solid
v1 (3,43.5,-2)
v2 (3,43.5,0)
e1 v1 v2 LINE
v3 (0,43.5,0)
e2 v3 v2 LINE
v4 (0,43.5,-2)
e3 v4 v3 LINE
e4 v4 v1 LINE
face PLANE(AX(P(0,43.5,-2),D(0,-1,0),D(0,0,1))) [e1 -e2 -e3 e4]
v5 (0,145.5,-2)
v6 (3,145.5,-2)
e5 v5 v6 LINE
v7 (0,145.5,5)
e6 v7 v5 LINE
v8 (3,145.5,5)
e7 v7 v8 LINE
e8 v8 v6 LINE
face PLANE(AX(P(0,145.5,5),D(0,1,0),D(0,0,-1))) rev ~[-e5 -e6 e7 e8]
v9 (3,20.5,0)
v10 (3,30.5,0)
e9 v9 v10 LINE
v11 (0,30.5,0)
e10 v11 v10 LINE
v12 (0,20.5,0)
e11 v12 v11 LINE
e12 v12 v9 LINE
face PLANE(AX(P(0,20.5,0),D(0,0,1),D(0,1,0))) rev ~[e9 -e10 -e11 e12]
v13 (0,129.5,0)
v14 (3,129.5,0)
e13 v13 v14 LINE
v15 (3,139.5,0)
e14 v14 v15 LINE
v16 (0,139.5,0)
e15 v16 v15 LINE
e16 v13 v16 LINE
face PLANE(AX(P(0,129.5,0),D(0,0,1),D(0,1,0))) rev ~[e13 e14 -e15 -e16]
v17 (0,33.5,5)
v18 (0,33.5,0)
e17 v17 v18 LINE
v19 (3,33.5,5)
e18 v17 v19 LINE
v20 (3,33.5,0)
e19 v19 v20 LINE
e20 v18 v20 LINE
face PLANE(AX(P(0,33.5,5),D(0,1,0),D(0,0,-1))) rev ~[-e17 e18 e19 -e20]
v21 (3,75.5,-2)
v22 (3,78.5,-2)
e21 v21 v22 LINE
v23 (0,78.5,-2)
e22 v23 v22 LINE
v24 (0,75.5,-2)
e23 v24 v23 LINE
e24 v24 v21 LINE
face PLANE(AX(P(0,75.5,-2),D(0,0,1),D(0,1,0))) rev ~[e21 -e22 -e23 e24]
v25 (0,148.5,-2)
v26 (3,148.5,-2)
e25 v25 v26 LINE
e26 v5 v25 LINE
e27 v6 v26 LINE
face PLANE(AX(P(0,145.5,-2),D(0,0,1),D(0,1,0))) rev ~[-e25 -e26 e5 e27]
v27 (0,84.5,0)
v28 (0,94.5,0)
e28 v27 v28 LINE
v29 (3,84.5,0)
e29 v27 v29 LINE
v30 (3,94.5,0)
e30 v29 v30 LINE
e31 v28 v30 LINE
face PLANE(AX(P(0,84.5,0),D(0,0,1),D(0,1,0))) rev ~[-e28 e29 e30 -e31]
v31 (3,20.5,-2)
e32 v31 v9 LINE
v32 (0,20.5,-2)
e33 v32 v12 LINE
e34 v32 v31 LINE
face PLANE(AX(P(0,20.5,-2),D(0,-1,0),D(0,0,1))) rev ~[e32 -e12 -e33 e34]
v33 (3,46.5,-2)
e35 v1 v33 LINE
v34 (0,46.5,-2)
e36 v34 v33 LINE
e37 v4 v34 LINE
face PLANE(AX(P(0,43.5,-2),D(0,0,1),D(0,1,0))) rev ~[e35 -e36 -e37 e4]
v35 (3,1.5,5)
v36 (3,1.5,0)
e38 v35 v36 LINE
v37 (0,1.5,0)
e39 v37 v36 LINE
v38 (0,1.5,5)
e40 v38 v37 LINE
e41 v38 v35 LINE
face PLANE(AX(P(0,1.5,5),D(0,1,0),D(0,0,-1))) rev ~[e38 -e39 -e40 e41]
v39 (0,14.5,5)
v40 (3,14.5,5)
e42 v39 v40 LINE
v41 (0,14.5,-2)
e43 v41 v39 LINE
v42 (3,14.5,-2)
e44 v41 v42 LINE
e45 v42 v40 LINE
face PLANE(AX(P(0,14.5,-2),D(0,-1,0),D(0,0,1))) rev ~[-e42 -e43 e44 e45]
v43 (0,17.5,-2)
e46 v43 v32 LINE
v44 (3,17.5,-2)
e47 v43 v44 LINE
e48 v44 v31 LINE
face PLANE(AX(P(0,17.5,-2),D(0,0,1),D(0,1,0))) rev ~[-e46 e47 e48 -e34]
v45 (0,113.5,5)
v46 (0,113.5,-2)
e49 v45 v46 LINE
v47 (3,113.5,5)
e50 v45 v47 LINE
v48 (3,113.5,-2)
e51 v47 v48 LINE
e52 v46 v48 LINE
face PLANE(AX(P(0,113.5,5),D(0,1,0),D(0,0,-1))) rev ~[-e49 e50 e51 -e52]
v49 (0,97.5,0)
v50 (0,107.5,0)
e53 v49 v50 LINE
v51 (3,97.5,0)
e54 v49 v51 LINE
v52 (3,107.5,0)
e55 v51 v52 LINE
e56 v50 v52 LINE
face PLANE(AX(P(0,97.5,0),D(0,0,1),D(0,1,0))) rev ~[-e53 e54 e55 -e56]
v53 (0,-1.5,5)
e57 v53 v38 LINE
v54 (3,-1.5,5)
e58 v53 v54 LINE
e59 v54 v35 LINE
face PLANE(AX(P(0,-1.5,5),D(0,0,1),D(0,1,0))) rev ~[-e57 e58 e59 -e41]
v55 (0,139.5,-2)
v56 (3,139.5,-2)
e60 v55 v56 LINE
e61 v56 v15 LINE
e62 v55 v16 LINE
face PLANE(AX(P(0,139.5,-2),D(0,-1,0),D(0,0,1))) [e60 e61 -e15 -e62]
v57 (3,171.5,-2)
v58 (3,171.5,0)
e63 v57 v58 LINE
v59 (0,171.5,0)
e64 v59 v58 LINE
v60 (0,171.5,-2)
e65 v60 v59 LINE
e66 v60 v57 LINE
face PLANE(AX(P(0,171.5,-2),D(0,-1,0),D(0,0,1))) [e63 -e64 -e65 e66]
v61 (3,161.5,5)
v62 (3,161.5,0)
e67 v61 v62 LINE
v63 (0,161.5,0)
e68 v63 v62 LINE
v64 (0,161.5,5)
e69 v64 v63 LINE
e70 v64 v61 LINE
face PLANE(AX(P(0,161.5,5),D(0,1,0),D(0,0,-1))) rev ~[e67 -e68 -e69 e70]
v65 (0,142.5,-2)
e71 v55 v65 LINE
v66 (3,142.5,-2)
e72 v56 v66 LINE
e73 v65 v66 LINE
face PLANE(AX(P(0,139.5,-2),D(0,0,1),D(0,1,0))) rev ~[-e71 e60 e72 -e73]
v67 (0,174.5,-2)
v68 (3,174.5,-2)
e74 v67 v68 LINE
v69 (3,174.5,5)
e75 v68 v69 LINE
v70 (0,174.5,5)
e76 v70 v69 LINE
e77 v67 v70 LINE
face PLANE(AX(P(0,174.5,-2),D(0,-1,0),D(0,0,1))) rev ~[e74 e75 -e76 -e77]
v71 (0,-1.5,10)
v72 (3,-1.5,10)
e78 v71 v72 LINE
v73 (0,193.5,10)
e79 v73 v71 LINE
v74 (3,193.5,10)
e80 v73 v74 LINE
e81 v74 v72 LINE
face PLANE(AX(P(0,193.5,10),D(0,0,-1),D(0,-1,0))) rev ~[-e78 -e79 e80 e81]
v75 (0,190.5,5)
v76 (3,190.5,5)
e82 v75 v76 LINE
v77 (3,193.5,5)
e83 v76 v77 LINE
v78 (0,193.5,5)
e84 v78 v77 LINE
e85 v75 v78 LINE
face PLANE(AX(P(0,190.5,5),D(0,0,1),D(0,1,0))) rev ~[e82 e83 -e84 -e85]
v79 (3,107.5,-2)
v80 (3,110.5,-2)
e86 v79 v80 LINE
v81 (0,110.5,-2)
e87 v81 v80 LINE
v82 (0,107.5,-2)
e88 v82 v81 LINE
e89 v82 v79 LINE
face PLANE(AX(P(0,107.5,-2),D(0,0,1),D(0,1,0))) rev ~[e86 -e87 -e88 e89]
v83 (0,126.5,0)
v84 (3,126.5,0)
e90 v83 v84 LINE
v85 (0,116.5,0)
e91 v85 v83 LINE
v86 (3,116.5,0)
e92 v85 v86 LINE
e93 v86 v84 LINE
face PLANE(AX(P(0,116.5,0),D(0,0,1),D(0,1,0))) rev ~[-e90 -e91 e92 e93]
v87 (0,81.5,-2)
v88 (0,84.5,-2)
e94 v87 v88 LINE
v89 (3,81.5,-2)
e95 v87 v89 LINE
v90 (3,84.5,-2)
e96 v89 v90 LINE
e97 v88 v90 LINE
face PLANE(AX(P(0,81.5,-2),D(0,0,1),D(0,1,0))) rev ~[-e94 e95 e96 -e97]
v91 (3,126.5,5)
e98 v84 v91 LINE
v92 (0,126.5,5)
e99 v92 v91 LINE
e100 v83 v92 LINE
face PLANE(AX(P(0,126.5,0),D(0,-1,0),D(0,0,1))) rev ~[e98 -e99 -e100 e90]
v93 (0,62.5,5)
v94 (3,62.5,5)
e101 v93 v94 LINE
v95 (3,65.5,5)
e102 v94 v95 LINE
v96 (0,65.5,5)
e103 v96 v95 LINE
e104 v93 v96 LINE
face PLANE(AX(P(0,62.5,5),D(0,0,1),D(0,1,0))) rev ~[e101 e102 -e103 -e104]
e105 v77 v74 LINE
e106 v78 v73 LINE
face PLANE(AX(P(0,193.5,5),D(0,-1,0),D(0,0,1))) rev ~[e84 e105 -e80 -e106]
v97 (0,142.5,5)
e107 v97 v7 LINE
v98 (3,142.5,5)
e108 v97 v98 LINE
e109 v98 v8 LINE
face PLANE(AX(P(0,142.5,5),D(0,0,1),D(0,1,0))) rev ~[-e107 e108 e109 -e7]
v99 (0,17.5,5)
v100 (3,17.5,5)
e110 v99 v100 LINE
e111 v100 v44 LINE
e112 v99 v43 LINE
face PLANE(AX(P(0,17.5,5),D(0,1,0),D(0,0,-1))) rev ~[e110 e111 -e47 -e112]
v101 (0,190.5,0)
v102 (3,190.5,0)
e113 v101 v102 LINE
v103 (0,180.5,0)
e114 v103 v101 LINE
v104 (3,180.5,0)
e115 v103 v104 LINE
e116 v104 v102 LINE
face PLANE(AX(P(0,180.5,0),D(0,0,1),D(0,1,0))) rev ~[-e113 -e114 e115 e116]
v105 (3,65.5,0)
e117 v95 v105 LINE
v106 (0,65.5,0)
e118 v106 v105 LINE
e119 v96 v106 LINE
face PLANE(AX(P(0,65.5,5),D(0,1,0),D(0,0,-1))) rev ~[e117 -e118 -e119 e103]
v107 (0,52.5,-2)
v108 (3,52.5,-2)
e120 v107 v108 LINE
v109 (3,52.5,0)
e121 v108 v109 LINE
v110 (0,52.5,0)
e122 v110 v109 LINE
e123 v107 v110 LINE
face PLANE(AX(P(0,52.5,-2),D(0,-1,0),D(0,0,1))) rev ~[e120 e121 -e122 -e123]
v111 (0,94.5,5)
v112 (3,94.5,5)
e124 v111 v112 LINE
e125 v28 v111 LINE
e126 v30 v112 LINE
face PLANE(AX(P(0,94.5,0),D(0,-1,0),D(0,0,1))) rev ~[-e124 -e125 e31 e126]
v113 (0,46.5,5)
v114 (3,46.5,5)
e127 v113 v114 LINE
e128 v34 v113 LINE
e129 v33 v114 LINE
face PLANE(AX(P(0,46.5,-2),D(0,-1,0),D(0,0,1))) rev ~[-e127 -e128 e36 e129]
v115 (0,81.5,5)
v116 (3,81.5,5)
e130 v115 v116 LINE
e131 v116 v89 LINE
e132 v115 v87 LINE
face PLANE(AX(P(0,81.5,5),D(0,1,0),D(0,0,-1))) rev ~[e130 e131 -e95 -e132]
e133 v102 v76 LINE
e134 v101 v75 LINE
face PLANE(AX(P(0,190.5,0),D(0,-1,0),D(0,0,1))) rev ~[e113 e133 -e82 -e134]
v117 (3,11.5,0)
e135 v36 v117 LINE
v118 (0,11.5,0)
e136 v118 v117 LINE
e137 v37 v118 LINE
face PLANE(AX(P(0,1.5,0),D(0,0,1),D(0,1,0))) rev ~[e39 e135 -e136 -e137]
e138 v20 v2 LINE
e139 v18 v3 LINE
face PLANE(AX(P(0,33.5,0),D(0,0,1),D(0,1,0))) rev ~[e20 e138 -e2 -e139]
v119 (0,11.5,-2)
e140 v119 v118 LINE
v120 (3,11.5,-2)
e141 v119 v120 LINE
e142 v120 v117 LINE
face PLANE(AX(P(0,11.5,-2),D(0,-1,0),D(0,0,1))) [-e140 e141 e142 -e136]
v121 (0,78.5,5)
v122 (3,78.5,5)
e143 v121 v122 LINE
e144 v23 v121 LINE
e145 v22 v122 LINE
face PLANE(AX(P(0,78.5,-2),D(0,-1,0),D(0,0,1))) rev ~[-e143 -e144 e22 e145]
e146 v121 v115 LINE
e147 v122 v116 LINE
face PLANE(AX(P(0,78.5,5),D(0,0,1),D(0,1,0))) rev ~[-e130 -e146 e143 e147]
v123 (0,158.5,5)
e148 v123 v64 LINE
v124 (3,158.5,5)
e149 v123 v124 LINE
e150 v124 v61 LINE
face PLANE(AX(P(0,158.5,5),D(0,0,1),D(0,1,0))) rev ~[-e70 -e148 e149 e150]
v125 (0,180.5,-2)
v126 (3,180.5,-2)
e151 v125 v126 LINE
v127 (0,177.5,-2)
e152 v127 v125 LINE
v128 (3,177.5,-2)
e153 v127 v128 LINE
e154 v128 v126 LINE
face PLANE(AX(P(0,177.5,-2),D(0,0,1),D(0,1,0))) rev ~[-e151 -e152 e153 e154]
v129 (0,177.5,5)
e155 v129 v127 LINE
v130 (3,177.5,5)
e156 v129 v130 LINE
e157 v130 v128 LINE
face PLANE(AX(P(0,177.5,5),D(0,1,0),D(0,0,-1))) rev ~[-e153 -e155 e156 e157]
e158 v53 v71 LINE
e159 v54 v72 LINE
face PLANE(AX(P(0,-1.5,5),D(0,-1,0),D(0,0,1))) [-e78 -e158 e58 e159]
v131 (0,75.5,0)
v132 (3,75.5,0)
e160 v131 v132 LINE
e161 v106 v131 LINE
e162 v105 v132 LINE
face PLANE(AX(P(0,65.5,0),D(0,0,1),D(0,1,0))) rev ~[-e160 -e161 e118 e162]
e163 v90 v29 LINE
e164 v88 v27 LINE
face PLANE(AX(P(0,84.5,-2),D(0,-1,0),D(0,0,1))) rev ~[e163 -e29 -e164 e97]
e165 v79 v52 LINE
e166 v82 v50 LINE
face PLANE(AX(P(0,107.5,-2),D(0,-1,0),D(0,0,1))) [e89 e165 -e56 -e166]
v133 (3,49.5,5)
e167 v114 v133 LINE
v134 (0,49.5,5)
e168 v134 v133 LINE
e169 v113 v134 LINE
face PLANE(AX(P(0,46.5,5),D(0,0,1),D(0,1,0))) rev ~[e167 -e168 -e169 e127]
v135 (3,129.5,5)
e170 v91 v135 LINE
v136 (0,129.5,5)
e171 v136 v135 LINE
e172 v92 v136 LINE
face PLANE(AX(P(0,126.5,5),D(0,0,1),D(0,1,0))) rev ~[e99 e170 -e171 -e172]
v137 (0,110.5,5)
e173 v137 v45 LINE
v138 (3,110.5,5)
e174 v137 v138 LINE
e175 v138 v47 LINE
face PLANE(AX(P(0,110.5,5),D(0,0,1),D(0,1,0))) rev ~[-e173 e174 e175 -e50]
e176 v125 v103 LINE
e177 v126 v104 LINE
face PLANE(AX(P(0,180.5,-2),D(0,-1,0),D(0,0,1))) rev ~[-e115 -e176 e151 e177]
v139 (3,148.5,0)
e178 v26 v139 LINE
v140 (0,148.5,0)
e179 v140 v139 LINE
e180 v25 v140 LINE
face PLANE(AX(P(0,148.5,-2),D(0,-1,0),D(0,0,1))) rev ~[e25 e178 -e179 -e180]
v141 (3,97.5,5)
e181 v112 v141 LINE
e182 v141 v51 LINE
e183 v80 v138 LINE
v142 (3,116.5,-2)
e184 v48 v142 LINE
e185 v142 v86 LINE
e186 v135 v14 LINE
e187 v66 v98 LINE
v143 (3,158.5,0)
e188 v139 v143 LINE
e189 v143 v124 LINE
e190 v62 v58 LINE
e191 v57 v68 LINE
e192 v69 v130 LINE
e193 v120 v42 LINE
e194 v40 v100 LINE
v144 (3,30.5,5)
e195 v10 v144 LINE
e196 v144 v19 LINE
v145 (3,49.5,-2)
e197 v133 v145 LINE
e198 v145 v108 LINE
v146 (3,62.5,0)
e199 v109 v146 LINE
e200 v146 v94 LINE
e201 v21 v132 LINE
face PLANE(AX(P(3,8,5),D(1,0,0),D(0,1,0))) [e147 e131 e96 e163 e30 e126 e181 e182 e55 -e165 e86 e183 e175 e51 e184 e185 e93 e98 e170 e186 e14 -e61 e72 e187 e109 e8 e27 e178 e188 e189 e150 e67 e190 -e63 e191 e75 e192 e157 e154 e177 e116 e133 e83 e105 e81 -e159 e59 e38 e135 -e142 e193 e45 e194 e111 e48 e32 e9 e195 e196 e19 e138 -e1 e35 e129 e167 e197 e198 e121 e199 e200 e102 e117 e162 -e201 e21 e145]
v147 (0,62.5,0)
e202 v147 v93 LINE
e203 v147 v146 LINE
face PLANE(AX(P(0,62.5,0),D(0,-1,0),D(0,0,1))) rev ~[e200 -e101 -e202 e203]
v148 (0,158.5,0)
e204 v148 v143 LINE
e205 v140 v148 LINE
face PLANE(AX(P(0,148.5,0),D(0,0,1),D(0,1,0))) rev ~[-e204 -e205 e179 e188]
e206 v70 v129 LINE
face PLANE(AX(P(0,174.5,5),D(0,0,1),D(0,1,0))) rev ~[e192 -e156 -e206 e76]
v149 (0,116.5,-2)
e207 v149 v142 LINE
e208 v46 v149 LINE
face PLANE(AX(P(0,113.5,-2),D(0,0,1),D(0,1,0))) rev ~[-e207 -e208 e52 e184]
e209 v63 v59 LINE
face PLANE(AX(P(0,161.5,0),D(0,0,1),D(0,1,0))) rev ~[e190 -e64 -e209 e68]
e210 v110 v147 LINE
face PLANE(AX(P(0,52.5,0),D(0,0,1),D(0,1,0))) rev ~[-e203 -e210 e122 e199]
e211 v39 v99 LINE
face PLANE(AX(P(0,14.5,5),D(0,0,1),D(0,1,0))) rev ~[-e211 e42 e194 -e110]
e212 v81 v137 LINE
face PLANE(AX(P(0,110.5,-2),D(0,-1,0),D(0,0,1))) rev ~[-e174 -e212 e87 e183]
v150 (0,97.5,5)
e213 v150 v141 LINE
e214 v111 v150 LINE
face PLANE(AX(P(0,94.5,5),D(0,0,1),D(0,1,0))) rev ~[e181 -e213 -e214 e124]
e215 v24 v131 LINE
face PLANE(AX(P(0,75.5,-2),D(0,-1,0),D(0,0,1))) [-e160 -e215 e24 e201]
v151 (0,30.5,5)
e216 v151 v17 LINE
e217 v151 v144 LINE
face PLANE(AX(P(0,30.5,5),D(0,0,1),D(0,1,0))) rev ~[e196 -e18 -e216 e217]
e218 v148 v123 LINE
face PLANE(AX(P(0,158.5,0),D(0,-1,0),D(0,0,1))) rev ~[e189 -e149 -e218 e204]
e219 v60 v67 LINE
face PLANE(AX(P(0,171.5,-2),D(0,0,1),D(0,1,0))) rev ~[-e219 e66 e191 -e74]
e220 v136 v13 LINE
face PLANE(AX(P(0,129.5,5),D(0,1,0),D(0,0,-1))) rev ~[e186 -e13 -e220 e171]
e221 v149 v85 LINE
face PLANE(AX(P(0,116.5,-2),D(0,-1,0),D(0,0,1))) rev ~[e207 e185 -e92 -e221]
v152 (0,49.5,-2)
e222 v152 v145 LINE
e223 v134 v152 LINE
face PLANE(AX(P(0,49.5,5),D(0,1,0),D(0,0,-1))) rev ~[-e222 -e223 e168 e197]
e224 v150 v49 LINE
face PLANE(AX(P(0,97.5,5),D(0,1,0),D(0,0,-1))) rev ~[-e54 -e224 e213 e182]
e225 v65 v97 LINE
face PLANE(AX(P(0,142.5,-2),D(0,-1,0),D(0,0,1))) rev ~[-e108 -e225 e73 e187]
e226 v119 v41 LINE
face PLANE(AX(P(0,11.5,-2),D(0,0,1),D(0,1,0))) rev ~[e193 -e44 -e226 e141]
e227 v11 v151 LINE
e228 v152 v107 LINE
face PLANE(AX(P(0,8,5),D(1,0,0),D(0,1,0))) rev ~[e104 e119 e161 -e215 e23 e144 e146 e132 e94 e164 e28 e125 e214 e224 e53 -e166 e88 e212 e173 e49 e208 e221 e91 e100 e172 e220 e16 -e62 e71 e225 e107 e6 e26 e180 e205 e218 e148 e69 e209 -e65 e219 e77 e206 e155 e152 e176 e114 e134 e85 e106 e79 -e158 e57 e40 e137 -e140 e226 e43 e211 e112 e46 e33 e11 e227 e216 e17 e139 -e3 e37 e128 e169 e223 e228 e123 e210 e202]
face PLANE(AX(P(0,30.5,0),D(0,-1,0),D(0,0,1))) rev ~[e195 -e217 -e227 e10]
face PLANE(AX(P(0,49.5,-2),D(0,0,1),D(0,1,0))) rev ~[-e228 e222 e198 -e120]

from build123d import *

# Parameters (mm, degrees)
F0_W     = 3
F0_H     = 2
F0_W_2   = 1.5
F0_H_2   = 5
F1_DEPTH = 3


with BuildPart() as f1:
    # F0 (on Right) → F1 (new body)
    with BuildSketch(Plane.YZ):
        Polygon((1.5, 5), (1.5, 0), (11.5, 0), (14.5, 0), (14.5, 5), (14.5, 10), (11.5, 10), (1.5, 10), align=None)
        Polygon((17.5, 5), (17.5, 0), (20.5, 0), (30.5, 0), (30.5, 5), (30.5, 10), (20.5, 10), (17.5, 10), align=None)
        with Locations((45, -1)):
            Rectangle(F0_W, F0_H)
        with Locations((0.75, 7.5)):
            Rectangle(F0_W_2, F0_H_2)
        with Locations((-0.75, 7.5)):
            Rectangle(F0_W_2, F0_H_2)
        with Locations((16, 7.5)):
            Rectangle(F0_W, F0_H_2)
        with Locations((32, 7.5)):
            Rectangle(F0_W, F0_H_2)
        with Locations((48, 7.5)):
            Rectangle(F0_W, F0_H_2)
        with Locations((51, -1)):
            Rectangle(F0_W, F0_H)
        with Locations((64, 7.5)):
            Rectangle(F0_W, F0_H_2)
        with Locations((77, -1)):
            Rectangle(F0_W, F0_H)
        with Locations((80, 7.5)):
            Rectangle(F0_W, F0_H_2)
        with Locations((83, -1)):
            Rectangle(F0_W, F0_H)
        with Locations((95.25, 7.5)):
            Rectangle(F0_W_2, F0_H_2)
        with Locations((96.75, 7.5)):
            Rectangle(F0_W_2, F0_H_2)
        with Locations((109, -1)):
            Rectangle(F0_W, F0_H)
        with Locations((112, 7.5)):
            Rectangle(F0_W, F0_H_2)
        with Locations((115, -1)):
            Rectangle(F0_W, F0_H)
        with Locations((128, 7.5)):
            Rectangle(F0_W, F0_H_2)
        with Locations((141, -1)):
            Rectangle(F0_W, F0_H)
        with Locations((144, 7.5)):
            Rectangle(F0_W, F0_H_2)
        with Locations((147, -1)):
            Rectangle(F0_W, F0_H)
        with Locations((160, 7.5)):
            Rectangle(F0_W, F0_H_2)
        with Locations((173, -1)):
            Rectangle(F0_W, F0_H)
        with Locations((176, 7.5)):
            Rectangle(F0_W, F0_H_2)
        with Locations((179, -1)):
            Rectangle(F0_W, F0_H)
        with Locations((191.25, 7.5)):
            Rectangle(F0_W_2, F0_H_2)
        with Locations((192.75, 7.5)):
            Rectangle(F0_W_2, F0_H_2)
        with Locations((13, -1)):
            Rectangle(F0_W, F0_H)
        with Locations((19, -1)):
            Rectangle(F0_W, F0_H)
        Polygon((33.5, 5), (33.5, 0), (43.5, 0), (46.5, 0), (46.5, 5), (46.5, 10), (33.5, 10), align=None)
        Polygon((49.5, 5), (49.5, 0), (52.5, 0), (62.5, 0), (62.5, 5), (62.5, 10), (49.5, 10), align=None)
        Polygon((78.5, 10), (65.5, 10), (65.5, 5), (65.5, 0), (75.5, 0), (78.5, 0), (78.5, 5), align=None)
        Polygon((94.5, 10), (81.5, 10), (81.5, 5), (81.5, 0), (84.5, 0), (94.5, 0), (94.5, 5), align=None)
        Polygon((110.5, 10), (97.5, 10), (97.5, 5), (97.5, 0), (107.5, 0), (110.5, 0), (110.5, 5), align=None)
        Polygon((126.5, 10), (113.5, 10), (113.5, 5), (113.5, 0), (116.5, 0), (126.5, 0), (126.5, 5), align=None)
        Polygon((142.5, 10), (129.5, 10), (129.5, 5), (129.5, 0), (139.5, 0), (142.5, 0), (142.5, 5), align=None)
        Polygon((158.5, 10), (145.5, 10), (145.5, 5), (145.5, 0), (148.5, 0), (158.5, 0), (158.5, 5), align=None)
        Polygon((171.5, 10), (161.5, 10), (161.5, 5), (161.5, 0), (171.5, 0), (174.5, 0), (174.5, 5), (174.5, 10), align=None)
        Polygon((180.5, 10), (177.5, 10), (177.5, 5), (177.5, 0), (180.5, 0), (190.5, 0), (190.5, 5), (190.5, 10), align=None)
    extrude(amount=F1_DEPTH)


solid = f1.part
